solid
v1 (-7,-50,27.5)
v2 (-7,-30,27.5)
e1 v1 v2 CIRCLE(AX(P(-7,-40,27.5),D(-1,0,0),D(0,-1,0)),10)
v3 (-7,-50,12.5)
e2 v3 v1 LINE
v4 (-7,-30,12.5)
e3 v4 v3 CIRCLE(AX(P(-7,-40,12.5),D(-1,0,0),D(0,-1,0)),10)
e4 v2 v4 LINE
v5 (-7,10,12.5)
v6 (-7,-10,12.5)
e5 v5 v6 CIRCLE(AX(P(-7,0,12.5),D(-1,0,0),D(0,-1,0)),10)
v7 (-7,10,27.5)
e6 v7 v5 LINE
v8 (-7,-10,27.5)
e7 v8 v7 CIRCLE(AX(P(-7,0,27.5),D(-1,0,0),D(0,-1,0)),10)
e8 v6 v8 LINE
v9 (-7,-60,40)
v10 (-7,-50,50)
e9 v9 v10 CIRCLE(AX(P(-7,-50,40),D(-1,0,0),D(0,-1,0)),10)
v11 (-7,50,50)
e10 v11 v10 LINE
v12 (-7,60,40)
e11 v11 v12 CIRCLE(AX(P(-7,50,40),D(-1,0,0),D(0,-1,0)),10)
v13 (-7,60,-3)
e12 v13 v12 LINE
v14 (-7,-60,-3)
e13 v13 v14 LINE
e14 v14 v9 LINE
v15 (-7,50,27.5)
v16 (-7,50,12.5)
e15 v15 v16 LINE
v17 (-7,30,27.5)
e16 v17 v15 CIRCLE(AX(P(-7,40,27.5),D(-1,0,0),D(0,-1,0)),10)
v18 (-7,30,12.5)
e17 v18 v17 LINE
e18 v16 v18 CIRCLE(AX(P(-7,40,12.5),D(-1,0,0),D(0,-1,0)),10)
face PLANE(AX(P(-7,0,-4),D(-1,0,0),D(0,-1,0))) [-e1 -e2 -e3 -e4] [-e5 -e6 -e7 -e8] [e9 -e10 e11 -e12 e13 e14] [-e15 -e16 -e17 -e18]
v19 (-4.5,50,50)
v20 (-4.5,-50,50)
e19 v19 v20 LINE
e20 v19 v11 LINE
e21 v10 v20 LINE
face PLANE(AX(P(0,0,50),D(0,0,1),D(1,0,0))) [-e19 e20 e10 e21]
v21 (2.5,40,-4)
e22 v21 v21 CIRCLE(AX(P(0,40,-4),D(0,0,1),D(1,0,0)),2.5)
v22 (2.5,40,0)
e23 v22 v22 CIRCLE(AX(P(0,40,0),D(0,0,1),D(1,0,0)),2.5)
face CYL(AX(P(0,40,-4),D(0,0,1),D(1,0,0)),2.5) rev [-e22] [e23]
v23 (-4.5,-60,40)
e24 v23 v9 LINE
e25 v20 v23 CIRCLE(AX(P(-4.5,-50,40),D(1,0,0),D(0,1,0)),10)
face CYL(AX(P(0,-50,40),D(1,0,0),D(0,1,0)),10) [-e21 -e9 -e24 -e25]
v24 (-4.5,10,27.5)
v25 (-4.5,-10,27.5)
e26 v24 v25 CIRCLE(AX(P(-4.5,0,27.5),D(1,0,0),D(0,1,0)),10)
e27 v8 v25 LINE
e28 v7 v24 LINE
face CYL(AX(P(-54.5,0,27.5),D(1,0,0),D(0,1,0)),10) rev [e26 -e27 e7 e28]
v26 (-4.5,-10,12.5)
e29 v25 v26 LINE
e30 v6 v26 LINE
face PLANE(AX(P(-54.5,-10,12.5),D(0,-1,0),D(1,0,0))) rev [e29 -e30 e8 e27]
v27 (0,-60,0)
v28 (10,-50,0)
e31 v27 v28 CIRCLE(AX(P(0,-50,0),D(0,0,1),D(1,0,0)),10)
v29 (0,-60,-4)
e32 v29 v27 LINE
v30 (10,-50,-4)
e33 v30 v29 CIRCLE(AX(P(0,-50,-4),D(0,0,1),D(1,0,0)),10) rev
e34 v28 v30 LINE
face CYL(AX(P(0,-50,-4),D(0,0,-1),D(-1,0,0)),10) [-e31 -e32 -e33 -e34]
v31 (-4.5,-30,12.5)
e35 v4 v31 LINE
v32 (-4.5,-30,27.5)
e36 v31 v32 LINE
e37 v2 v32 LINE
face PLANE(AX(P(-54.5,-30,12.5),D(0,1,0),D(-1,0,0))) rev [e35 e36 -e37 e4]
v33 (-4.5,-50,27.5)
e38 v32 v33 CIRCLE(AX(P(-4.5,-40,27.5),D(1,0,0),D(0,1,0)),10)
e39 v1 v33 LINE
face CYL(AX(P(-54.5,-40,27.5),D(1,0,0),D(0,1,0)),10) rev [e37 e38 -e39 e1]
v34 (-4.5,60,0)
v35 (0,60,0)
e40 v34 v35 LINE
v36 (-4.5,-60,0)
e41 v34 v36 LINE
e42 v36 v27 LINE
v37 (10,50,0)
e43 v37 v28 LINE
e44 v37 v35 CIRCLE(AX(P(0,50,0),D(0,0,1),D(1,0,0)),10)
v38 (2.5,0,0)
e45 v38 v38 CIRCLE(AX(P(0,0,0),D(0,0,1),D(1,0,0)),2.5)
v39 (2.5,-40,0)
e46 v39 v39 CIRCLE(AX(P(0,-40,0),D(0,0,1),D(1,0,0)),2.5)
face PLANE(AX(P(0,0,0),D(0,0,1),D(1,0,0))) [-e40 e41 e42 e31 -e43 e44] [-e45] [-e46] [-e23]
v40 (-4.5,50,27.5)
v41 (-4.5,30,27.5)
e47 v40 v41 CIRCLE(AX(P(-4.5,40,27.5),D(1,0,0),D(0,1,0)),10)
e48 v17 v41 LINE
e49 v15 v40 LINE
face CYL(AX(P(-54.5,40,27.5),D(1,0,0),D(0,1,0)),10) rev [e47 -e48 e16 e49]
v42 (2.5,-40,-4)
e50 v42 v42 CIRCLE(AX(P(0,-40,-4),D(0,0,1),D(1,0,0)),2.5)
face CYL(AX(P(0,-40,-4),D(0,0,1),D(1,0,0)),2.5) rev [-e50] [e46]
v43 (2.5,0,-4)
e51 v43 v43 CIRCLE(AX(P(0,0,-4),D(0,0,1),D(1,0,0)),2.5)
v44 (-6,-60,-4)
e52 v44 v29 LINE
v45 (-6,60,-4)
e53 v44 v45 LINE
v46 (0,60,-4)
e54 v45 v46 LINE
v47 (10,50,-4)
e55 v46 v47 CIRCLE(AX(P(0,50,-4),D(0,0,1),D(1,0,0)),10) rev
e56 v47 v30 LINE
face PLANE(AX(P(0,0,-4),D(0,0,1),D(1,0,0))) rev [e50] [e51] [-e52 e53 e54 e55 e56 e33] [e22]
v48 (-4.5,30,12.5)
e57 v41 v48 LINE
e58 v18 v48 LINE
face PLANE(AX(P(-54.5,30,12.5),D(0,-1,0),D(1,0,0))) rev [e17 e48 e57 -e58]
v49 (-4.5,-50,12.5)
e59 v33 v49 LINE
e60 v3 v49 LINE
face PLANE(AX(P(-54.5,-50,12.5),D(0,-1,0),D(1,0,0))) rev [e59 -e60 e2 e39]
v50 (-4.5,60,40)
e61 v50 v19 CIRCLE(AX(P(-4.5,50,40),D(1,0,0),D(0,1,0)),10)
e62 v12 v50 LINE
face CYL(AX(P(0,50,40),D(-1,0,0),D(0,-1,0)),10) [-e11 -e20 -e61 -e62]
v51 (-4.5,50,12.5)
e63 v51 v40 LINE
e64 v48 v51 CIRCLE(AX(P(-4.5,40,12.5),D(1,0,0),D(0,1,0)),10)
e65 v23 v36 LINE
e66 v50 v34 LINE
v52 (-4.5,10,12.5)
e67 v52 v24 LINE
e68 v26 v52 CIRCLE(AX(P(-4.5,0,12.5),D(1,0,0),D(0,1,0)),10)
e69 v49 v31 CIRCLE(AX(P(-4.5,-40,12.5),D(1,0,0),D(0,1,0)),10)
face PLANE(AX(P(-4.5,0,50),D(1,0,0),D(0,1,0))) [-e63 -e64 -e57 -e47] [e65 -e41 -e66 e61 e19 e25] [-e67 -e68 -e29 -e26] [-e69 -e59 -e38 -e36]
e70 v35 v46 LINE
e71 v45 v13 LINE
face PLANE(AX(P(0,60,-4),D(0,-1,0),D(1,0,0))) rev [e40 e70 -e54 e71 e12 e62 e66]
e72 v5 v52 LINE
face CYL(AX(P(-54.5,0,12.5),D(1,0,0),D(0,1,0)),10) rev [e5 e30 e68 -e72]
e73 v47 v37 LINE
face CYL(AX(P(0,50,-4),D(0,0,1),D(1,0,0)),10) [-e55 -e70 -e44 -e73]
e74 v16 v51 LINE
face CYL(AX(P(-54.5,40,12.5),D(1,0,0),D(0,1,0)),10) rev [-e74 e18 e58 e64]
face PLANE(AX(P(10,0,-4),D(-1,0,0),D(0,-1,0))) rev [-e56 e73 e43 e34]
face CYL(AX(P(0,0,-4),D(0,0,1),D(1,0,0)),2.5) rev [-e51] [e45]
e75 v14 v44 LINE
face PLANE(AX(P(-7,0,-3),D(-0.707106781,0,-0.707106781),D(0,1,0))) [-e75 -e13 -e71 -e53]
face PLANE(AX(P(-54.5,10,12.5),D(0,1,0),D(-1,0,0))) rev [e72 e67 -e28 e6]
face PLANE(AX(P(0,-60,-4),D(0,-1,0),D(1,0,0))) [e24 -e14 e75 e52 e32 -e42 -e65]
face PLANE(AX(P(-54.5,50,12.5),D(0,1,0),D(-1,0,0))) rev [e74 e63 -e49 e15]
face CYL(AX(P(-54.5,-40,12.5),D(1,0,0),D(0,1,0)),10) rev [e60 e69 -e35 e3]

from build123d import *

# Parameters (mm, degrees)
SKETCH_1_W          = 17
SKETCH_1_H          = 120
SKETCH_1_R          = 2.5
EXTRUDE_1_DEPTH     = 4
SKETCH_1_3_W        = 2.5
SKETCH_1_3_H        = 120
EXTRUDE_2_DEPTH     = 50
FILLET_1_R          = 10
CUT_EXTRUDE_1_DEPTH = 50
CHAMFER_1_SIZE      = 1


with BuildPart() as part:
    # 스케치1 → 보스-돌출1 (new body)
    with BuildSketch(Plane.XY):
        with Locations((1.5, 0)):
            Rectangle(SKETCH_1_W, SKETCH_1_H)
        with Locations((0, 40)):
            Circle(SKETCH_1_R, mode=Mode.SUBTRACT)
        with Locations((0, -40)):
            Circle(SKETCH_1_R, mode=Mode.SUBTRACT)
        Circle(SKETCH_1_R, mode=Mode.SUBTRACT)
    extrude(amount=-EXTRUDE_1_DEPTH)

    # 스케치1<3> → 보스-돌출2 (add)
    with BuildSketch(Plane.XY):
        with Locations((-5.75, 0)):
            Rectangle(SKETCH_1_3_W, SKETCH_1_3_H)
    extrude(amount=EXTRUDE_2_DEPTH)

    # 필렛1
    fillet_1_edges = [part.edges().sort_by_distance(p)[0] for p in [
        (10, -60, -2),
        (10, 60, -2),
        (-5.75, 60, 50),
        (-5.75, -60, 50),
    ]]
    fillet(fillet_1_edges, radius=FILLET_1_R)

    # 스케치2 → 컷-돌출1 (cut)
    with BuildSketch(Plane(origin=(-4.5, 0, 0), x_dir=(0, 0, -1), z_dir=(1, 0, 0))):
        with BuildLine():
            Line((-12.5, -50), (-27.5, -50))
            ThreePointArc((-27.5, -50), (-37.5, -40), (-27.5, -30))
            Line((-27.5, -30), (-12.5, -30))
            ThreePointArc((-12.5, -30), (-2.5, -40), (-12.5, -50))
        make_face()
        with BuildLine():
            Line((-12.5, -10), (-27.5, -10))
            ThreePointArc((-27.5, -10), (-37.5, 0), (-27.5, 10))
            Line((-27.5, 10), (-12.5, 10))
            ThreePointArc((-12.5, 10), (-2.5, 0), (-12.5, -10))
        make_face()
        with BuildLine():
            Line((-12.5, 30), (-27.5, 30))
            ThreePointArc((-27.5, 30), (-37.5, 40), (-27.5, 50))
            Line((-27.5, 50), (-12.5, 50))
            ThreePointArc((-12.5, 50), (-2.5, 40), (-12.5, 30))
        make_face()
    extrude(amount=-CUT_EXTRUDE_1_DEPTH, mode=Mode.SUBTRACT)

    # 모따기1
    chamfer_1_edges = [part.edges().sort_by_distance(p)[0] for p in [
        (-7, 0, -4),
    ]]
    chamfer(chamfer_1_edges, length=CHAMFER_1_SIZE)


solid = part.part
